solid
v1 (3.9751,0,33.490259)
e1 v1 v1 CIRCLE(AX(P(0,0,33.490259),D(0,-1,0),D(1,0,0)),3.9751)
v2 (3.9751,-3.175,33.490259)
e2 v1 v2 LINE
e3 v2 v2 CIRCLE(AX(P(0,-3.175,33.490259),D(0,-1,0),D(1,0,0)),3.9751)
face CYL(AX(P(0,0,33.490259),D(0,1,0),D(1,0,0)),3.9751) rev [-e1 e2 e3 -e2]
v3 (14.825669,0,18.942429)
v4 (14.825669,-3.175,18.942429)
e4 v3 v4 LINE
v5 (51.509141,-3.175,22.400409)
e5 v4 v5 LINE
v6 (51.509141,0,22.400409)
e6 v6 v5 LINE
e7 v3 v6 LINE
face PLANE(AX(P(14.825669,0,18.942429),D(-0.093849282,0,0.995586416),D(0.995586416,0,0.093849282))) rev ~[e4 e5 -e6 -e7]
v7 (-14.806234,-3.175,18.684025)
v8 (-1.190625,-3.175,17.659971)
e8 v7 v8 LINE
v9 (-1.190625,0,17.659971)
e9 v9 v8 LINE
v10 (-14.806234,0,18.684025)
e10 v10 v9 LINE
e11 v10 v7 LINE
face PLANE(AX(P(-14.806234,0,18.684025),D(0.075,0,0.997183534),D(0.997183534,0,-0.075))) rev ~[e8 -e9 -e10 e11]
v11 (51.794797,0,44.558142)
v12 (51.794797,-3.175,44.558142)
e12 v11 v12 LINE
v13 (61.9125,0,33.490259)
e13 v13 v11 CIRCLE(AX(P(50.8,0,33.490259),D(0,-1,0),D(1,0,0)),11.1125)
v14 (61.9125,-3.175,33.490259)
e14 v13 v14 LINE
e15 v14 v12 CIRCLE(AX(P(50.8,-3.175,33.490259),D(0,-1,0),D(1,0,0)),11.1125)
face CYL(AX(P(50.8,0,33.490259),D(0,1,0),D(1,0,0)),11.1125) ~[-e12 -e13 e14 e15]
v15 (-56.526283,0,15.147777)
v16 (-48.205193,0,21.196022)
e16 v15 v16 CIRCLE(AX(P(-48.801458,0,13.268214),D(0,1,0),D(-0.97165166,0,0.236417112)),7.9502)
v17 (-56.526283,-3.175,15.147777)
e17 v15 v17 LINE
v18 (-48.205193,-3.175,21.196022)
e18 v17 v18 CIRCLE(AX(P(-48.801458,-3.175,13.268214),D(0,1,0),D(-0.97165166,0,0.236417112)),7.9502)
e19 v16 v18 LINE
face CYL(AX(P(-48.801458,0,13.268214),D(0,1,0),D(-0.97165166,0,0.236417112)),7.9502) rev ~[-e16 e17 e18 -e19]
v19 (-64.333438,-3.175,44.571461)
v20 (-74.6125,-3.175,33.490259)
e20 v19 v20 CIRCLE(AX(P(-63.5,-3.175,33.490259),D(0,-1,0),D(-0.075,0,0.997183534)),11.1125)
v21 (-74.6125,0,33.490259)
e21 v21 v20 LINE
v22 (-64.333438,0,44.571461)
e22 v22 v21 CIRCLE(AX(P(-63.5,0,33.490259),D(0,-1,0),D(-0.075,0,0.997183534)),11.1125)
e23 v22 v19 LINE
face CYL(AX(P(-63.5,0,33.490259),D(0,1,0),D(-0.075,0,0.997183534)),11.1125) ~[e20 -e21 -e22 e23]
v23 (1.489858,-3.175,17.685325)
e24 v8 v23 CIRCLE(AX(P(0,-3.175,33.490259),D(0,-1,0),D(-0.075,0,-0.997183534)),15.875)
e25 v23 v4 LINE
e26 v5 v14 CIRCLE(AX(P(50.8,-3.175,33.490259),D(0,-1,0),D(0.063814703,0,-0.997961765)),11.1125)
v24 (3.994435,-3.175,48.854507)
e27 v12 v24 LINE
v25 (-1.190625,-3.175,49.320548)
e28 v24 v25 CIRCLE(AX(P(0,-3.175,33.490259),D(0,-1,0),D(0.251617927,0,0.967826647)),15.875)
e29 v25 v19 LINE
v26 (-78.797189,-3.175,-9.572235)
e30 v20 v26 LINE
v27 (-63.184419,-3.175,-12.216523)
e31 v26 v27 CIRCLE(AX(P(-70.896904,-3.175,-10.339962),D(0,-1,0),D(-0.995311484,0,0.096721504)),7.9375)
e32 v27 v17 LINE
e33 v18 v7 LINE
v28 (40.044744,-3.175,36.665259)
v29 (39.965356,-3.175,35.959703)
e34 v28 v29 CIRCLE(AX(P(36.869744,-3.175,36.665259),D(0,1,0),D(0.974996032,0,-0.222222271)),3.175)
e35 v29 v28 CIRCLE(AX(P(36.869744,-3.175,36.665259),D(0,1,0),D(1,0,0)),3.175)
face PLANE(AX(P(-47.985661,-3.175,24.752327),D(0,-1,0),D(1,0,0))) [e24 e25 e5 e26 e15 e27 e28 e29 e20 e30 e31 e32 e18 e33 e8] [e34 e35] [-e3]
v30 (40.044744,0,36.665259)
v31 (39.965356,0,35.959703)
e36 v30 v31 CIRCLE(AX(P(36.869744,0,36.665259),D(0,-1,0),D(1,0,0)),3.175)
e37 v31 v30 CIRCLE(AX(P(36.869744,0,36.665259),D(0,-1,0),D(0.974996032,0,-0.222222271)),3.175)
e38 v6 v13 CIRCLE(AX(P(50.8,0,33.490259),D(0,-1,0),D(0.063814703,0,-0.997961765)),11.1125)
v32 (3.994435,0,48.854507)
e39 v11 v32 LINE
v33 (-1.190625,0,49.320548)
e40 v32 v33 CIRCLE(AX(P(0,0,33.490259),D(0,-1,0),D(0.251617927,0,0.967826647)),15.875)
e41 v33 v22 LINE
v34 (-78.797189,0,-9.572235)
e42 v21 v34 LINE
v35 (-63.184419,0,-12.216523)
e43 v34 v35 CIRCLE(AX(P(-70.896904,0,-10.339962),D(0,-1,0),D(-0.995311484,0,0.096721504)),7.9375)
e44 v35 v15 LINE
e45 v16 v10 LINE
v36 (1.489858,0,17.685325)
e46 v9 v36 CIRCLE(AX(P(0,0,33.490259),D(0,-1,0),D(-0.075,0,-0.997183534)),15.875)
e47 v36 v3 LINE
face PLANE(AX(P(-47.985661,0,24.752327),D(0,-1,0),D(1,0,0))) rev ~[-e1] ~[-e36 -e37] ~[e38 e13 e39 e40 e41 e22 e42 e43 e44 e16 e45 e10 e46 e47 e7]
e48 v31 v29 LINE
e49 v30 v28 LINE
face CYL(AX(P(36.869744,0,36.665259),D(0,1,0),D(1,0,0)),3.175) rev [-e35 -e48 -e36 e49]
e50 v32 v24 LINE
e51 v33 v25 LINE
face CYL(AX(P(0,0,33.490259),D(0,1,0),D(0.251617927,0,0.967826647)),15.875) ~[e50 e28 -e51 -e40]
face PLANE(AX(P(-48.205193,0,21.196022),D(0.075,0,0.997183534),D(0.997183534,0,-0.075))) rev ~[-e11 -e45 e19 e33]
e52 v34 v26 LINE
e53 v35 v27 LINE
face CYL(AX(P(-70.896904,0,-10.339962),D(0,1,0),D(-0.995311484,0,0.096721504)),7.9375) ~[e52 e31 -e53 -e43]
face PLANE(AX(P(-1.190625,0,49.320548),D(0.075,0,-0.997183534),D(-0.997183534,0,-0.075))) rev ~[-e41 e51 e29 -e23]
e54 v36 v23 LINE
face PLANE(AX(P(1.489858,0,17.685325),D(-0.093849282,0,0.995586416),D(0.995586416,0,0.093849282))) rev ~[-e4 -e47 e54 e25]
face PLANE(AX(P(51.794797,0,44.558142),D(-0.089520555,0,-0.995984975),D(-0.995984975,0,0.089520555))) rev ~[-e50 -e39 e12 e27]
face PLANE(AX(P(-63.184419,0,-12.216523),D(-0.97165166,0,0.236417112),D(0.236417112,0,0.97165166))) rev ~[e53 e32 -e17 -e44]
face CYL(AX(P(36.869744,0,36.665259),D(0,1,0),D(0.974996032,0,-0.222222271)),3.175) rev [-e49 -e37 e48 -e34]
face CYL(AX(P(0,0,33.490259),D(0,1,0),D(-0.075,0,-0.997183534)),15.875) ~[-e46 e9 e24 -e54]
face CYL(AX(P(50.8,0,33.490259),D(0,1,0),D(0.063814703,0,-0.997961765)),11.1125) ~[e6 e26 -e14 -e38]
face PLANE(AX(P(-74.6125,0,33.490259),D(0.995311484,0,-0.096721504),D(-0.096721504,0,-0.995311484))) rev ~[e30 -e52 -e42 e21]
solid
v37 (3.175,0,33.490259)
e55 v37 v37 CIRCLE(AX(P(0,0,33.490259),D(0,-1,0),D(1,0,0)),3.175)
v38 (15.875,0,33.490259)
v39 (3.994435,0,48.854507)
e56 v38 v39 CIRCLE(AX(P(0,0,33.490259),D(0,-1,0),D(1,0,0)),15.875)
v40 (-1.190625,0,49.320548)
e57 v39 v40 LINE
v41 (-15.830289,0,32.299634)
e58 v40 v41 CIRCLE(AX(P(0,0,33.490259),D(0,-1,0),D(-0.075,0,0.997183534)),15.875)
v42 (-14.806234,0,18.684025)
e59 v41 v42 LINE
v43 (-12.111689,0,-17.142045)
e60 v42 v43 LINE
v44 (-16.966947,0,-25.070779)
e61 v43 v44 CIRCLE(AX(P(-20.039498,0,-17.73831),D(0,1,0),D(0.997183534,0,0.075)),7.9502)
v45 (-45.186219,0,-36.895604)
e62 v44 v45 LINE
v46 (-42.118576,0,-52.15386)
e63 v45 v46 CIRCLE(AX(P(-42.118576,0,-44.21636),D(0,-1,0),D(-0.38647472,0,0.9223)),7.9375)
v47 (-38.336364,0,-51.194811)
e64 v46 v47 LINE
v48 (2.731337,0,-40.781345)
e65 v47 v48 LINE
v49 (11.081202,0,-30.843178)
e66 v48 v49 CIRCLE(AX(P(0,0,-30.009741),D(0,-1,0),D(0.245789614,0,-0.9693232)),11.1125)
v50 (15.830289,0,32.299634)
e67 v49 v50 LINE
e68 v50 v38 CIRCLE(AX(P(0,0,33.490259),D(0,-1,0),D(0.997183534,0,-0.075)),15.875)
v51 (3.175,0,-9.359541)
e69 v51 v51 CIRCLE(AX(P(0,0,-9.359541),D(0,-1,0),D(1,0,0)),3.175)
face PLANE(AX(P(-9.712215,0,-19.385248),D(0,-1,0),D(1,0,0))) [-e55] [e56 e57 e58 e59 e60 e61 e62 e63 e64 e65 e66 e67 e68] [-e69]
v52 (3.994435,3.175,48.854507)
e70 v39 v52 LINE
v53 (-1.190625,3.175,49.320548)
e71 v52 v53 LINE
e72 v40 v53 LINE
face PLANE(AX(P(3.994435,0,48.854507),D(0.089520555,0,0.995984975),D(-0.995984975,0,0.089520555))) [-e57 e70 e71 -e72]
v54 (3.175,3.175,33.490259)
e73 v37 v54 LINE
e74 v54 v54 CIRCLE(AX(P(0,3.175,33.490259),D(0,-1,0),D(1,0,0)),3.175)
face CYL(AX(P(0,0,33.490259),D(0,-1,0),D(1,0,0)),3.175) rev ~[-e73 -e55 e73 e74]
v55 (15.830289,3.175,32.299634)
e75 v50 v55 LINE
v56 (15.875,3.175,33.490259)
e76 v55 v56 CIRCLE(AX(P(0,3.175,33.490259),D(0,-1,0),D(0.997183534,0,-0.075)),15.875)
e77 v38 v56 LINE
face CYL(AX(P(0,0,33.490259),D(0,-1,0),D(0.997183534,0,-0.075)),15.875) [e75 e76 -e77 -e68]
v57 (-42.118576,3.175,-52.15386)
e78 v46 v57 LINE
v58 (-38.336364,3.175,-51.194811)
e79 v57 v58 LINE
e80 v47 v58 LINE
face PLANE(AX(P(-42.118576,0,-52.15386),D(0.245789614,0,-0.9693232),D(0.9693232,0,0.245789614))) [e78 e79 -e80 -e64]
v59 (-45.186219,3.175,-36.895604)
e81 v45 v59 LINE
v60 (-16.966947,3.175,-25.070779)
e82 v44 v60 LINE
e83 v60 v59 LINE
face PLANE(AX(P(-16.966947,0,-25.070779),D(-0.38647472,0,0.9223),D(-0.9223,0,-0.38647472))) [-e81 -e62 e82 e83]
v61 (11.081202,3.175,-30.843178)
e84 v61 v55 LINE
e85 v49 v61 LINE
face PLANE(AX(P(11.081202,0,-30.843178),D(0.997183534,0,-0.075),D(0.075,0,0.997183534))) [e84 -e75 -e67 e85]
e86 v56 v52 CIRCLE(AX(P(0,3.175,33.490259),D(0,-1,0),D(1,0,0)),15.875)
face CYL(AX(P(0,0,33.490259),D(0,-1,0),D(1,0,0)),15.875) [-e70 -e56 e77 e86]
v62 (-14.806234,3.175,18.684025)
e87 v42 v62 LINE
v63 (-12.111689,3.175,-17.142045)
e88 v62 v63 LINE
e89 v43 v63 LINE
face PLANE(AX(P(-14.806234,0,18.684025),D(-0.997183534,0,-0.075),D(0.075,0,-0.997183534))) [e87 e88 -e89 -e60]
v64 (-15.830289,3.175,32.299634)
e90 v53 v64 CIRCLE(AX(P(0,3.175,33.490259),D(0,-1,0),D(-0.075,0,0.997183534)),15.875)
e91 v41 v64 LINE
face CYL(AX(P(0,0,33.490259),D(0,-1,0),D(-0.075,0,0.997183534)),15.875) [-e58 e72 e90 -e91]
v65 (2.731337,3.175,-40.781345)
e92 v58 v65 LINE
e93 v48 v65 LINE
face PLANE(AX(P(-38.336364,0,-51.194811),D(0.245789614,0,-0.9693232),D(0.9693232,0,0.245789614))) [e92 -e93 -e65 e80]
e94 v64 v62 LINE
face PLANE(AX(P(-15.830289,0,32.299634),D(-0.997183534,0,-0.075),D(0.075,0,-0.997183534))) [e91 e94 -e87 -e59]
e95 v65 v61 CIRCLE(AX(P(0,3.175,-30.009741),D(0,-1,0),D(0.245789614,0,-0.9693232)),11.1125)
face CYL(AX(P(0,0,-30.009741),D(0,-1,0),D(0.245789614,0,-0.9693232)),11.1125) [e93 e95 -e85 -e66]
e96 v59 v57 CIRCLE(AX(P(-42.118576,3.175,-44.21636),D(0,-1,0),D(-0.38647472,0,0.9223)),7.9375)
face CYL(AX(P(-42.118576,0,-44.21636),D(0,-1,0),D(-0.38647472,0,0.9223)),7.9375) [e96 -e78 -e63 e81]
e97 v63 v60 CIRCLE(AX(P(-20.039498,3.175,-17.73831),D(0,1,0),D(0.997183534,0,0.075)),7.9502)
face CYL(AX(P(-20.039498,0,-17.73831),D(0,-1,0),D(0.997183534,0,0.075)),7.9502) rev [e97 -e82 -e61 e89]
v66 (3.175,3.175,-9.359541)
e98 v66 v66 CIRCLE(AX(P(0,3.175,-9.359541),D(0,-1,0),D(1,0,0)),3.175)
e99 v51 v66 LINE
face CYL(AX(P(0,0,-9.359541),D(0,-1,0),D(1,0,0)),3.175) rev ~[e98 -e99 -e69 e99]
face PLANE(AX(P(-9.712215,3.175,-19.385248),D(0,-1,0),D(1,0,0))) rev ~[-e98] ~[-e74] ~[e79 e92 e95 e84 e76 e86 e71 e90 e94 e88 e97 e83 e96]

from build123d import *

# Parameters (mm, degrees)
F0_R     = 3.9751
F0_R_2   = 3.175
F1_DEPTH = 3.175
F2_DEPTH = 3.175
F3_DEPTH = 25.4
F4_DEPTH = 25.4


with BuildPart() as f1:
    # F0 (on Front) → F1 (new body)
    with BuildSketch(Plane.XZ):
        with BuildLine():
            ThreePointArc((-15.8302885984, 32.29963418), (-12.0356034274, 43.8420645847), (-1.190625, 49.3205477784))
            Line((-1.190625, 49.3205477784), (-64.3334375, 44.5714611988))
            ThreePointArc((-64.3334375, 44.5714611988), (-55.9426829486, 41.6373209346), (-52.3875, 33.49025918))
            ThreePointArc((-52.3875, 33.49025918), (-55.9442909745, 25.3417060954), (-64.3378113381, 22.4093869935))
            ThreePointArc((-64.3378113381, 22.4093869935), (-71.6485530846, 25.9345501545), (-74.6125, 33.49025918))
            Line((-74.6125, 33.49025918), (-78.7971892056, -9.5722352694))
            ThreePointArc((-78.7971892056, -9.5722352694), (-70.5125901007, -2.411771439), (-62.9594042993, -10.3399622065))
            ThreePointArc((-62.9594042993, -10.3399622065), (-63.0158587984, -11.2849638271), (-63.1844192443, -12.2165230305))
            Line((-63.1844192443, -12.2165230305), (-56.5262833311, 15.1477771658))
            ThreePointArc((-56.5262833311, 15.1477771658), (-53.4757934993, 19.6990979582), (-48.2051933, 21.1960223745))
            Line((-48.2051933, 21.1960223745), (-14.8062337279, 18.6840254521))
            Line((-14.8062337279, 18.6840254521), (-15.8302885984, 32.29963418))
        make_face()
        with BuildLine():
            Line((3.9944345899, 48.8545072028), (-1.190625, 49.3205477784))
            ThreePointArc((-1.190625, 49.3205477784), (-12.0356034274, 43.8420645847), (-15.8302885984, 32.29963418))
            ThreePointArc((-15.8302885984, 32.29963418), (-11.2253201513, 22.2649390286), (-1.190625, 17.6599705815))
            ThreePointArc((-1.190625, 17.6599705815), (0.1501525732, 17.6159692996), (1.4898579206, 17.6853248752))
            ThreePointArc((1.4898579206, 17.6853248752), (11.3309919236, 22.3716150618), (15.8302885984, 32.29963418))
            ThreePointArc((15.8302885984, 32.29963418), (15.8638182116, 32.8945270673), (15.875, 33.49025918))
            ThreePointArc((15.875, 33.49025918), (12.5584090178, 43.2011802456), (3.9944345899, 48.8545072028))
        make_face()
        with Locations((0, 33.49025918)):
            Circle(F0_R, mode=Mode.SUBTRACT)
        with BuildLine():
            Line((51.7947971649, 44.5581422138), (3.9944345899, 48.8545072028))
            ThreePointArc((3.9944345899, 48.8545072028), (12.5584090178, 43.2011802456), (15.875, 33.49025918))
            ThreePointArc((15.875, 33.49025918), (15.8638182116, 32.8945270673), (15.8302885984, 32.29963418))
            Line((15.8302885984, 32.29963418), (14.8256687681, 18.9424294803))
            Line((14.8256687681, 18.9424294803), (51.5091408873, 22.4004090704))
            ThreePointArc((51.5091408873, 22.4004090704), (42.3386131595, 26.2866080928), (39.9653564365, 35.9597034699))
            ThreePointArc((39.9653564365, 35.9597034699), (44.2663232789, 42.4790702668), (51.7947971649, 44.5581422138))
        make_face()
        with BuildLine():
            ThreePointArc((40.044744035, 36.66525918), (40.0248347132, 36.3102552184), (39.9653564365, 35.9597034699))
            ThreePointArc((39.9653564365, 35.9597034699), (33.7146533569, 37.0202631415), (40.044744035, 36.66525918))
        make_face(mode=Mode.SUBTRACT)
        with BuildLine():
            ThreePointArc((-52.3875, 33.49025918), (-55.9426829486, 41.6373209346), (-64.3334375, 44.5714611988))
            ThreePointArc((-64.3334375, 44.5714611988), (-71.6470617547, 41.0475762314), (-74.6125, 33.49025918))
            ThreePointArc((-74.6125, 33.49025918), (-71.6485530846, 25.9345501545), (-64.3378113381, 22.4093869935))
            ThreePointArc((-64.3378113381, 22.4093869935), (-55.9442909745, 25.3417060954), (-52.3875, 33.49025918))
        make_face()
        with Locations((-63.5, 33.49025918)):
            Circle(F0_R_2, mode=Mode.SUBTRACT)
        with BuildLine():
            ThreePointArc((61.9125, 33.49025918), (59.0019003818, 40.9880246056), (51.7947971649, 44.5581422138))
            ThreePointArc((51.7947971649, 44.5581422138), (44.2663232789, 42.4790702668), (39.9653564365, 35.9597034699))
            ThreePointArc((39.9653564365, 35.9597034699), (42.3386131595, 26.2866080928), (51.5091408873, 22.4004090704))
            ThreePointArc((51.5091408873, 22.4004090704), (58.9045661315, 25.8873870865), (61.9125, 33.49025918))
        make_face()
        with Locations((50.8, 33.49025918)):
            Circle(F0_R_2, mode=Mode.SUBTRACT)
        with BuildLine():
            ThreePointArc((-62.9594042993, -10.3399622065), (-70.5125901007, -2.411771439), (-78.7971892056, -9.5722352694))
            ThreePointArc((-78.7971892056, -9.5722352694), (-72.2223784171, -18.166010035), (-63.1844192443, -12.2165230305))
            ThreePointArc((-63.1844192443, -12.2165230305), (-63.0158587984, -11.2849638271), (-62.9594042993, -10.3399622065))
        make_face()
        with Locations((-70.8969042993, -10.3399622065)):
            Circle(F0_R_2, mode=Mode.SUBTRACT)
        with BuildLine():
            ThreePointArc((-1.190625, 17.6599705815), (-11.2253201513, 22.2649390286), (-15.8302885984, 32.29963418))
            Line((-15.8302885984, 32.29963418), (-14.8062337279, 18.6840254521))
            Line((-14.8062337279, 18.6840254521), (-1.190625, 17.6599705815))
        make_face()
        with BuildLine():
            ThreePointArc((15.8302885984, 32.29963418), (11.3309919236, 22.3716150618), (1.4898579206, 17.6853248752))
            Line((1.4898579206, 17.6853248752), (14.8256687681, 18.9424294803))
            Line((14.8256687681, 18.9424294803), (15.8302885984, 32.29963418))
        make_face()
        with Locations((-70.8969042993, -10.3399622065)):
            Circle(F0_R_2)
        with Locations((-63.5, 33.49025918)):
            Circle(F0_R_2)
        with Locations((50.8, 33.49025918)):
            Circle(F0_R_2)
        with BuildLine():
            ThreePointArc((40.044744035, 36.66525918), (33.7146533569, 37.0202631415), (39.9653564365, 35.9597034699))
            ThreePointArc((39.9653564365, 35.9597034699), (40.0248347132, 36.3102552184), (40.044744035, 36.66525918))
        make_face()
        with BuildLine():
            ThreePointArc((3.9944345899, 48.8545072028), (1.4211388069, 49.3015206569), (-1.190625, 49.3205477784))
            Line((-1.190625, 49.3205477784), (3.9944345899, 48.8545072028))
        make_face()
    extrude(amount=F1_DEPTH)

    # F0 (on Front) → F3 (cut)
    with BuildSketch(Plane.XZ):
        with BuildLine():
            ThreePointArc((40.044744035, 36.66525918), (33.7146533569, 37.0202631415), (39.9653564365, 35.9597034699))
            ThreePointArc((39.9653564365, 35.9597034699), (40.0248347132, 36.3102552184), (40.044744035, 36.66525918))
        make_face()
        with Locations((0, -9.35954082)):
            Circle(F0_R_2)
    extrude(amount=F3_DEPTH, mode=Mode.SUBTRACT)


with BuildPart() as f2:
    # F0 (on Front) → F2 (new body)
    with BuildSketch(Plane.XZ):
        with BuildLine():
            ThreePointArc((1.4898579206, 17.6853248752), (0.1501525732, 17.6159692996), (-1.190625, 17.6599705815))
            Line((-1.190625, 17.6599705815), (-14.8062337279, 18.6840254521))
            Line((-14.8062337279, 18.6840254521), (-12.1116893515, -17.1420449896))
            ThreePointArc((-12.1116893515, -17.1420449896), (-13.2595136069, -21.8901160153), (-16.9669465589, -25.0707794514))
            Line((-16.9669465589, -25.0707794514), (-45.1862193725, -36.8956038792))
            ThreePointArc((-45.1862193725, -36.8956038792), (-37.7223000594, -37.6075280366), (-34.1810762788, -44.2163601311))
            ThreePointArc((-34.1810762788, -44.2163601311), (-35.298561103, -48.2773082042), (-38.3363642794, -51.1948111513))
            Line((-38.3363642794, -51.1948111513), (2.7313370812, -40.7813448788))
            ThreePointArc((2.7313370812, -40.7813448788), (-8.7703945055, -23.1856777732), (11.1125, -30.00974082))
            ThreePointArc((11.1125, -30.00974082), (11.1046727481, -30.4267532989), (11.0812020189, -30.84317832))
            Line((11.0812020189, -30.84317832), (14.8256687681, 18.9424294803))
            Line((14.8256687681, 18.9424294803), (1.4898579206, 17.6853248752))
        make_face()
        with Locations((0, -9.35954082)):
            Circle(F0_R_2, mode=Mode.SUBTRACT)
        with BuildLine():
            Line((3.9944345899, 48.8545072028), (-1.190625, 49.3205477784))
            ThreePointArc((-1.190625, 49.3205477784), (-12.0356034274, 43.8420645847), (-15.8302885984, 32.29963418))
            ThreePointArc((-15.8302885984, 32.29963418), (-11.2253201513, 22.2649390286), (-1.190625, 17.6599705815))
            ThreePointArc((-1.190625, 17.6599705815), (0.1501525732, 17.6159692996), (1.4898579206, 17.6853248752))
            ThreePointArc((1.4898579206, 17.6853248752), (11.3309919236, 22.3716150618), (15.8302885984, 32.29963418))
            ThreePointArc((15.8302885984, 32.29963418), (15.8638182116, 32.8945270673), (15.875, 33.49025918))
            ThreePointArc((15.875, 33.49025918), (12.5584090178, 43.2011802456), (3.9944345899, 48.8545072028))
        make_face()
        with Locations((0, 33.49025918)):
            Circle(F0_R, mode=Mode.SUBTRACT)
        with BuildLine():
            ThreePointArc((2.7313370812, -40.7813448788), (8.50813421, -37.1581188539), (11.0812020189, -30.84317832))
            ThreePointArc((11.0812020189, -30.84317832), (11.1046727481, -30.4267532989), (11.1125, -30.00974082))
            ThreePointArc((11.1125, -30.00974082), (-8.7703945055, -23.1856777732), (2.7313370812, -40.7813448788))
        make_face()
        with Locations((0, -30.00974082)):
            Circle(F0_R_2, mode=Mode.SUBTRACT)
        with BuildLine():
            ThreePointArc((-34.1810762788, -44.2163601311), (-37.7223000594, -37.6075280366), (-45.1862193725, -36.8956038792))
            ThreePointArc((-45.1862193725, -36.8956038792), (-49.9003629952, -45.7808733941), (-42.1185762788, -52.1538601311))
            Line((-42.1185762788, -52.1538601311), (-38.3363642794, -51.1948111513))
            ThreePointArc((-38.3363642794, -51.1948111513), (-35.298561103, -48.2773082042), (-34.1810762788, -44.2163601311))
        make_face()
        with Locations((-42.1185762788, -44.2163601311)):
            Circle(F0_R_2, mode=Mode.SUBTRACT)
        with Locations((0, 33.49025918)):
            Circle(F0_R)
        with Locations((0, 33.49025918)):
            Circle(F0_R_2, mode=Mode.SUBTRACT)
        with BuildLine():
            ThreePointArc((-1.190625, 17.6599705815), (-11.2253201513, 22.2649390286), (-15.8302885984, 32.29963418))
            Line((-15.8302885984, 32.29963418), (-14.8062337279, 18.6840254521))
            Line((-14.8062337279, 18.6840254521), (-1.190625, 17.6599705815))
        make_face()
        with BuildLine():
            ThreePointArc((15.8302885984, 32.29963418), (11.3309919236, 22.3716150618), (1.4898579206, 17.6853248752))
            Line((1.4898579206, 17.6853248752), (14.8256687681, 18.9424294803))
            Line((14.8256687681, 18.9424294803), (15.8302885984, 32.29963418))
        make_face()
        with Locations((0, -30.00974082)):
            Circle(F0_R_2)
        with Locations((-42.1185762788, -44.2163601311)):
            Circle(F0_R_2)
        with Locations((0, -9.35954082)):
            Circle(F0_R_2)
    extrude(amount=-F2_DEPTH)

    # F0 (on Front) → F4 (cut)
    with BuildSketch(Plane.XZ):
        with Locations((0, -9.35954082)):
            Circle(F0_R_2)
    extrude(amount=-F4_DEPTH, mode=Mode.SUBTRACT)


solid = Compound([f1.part, f2.part])
